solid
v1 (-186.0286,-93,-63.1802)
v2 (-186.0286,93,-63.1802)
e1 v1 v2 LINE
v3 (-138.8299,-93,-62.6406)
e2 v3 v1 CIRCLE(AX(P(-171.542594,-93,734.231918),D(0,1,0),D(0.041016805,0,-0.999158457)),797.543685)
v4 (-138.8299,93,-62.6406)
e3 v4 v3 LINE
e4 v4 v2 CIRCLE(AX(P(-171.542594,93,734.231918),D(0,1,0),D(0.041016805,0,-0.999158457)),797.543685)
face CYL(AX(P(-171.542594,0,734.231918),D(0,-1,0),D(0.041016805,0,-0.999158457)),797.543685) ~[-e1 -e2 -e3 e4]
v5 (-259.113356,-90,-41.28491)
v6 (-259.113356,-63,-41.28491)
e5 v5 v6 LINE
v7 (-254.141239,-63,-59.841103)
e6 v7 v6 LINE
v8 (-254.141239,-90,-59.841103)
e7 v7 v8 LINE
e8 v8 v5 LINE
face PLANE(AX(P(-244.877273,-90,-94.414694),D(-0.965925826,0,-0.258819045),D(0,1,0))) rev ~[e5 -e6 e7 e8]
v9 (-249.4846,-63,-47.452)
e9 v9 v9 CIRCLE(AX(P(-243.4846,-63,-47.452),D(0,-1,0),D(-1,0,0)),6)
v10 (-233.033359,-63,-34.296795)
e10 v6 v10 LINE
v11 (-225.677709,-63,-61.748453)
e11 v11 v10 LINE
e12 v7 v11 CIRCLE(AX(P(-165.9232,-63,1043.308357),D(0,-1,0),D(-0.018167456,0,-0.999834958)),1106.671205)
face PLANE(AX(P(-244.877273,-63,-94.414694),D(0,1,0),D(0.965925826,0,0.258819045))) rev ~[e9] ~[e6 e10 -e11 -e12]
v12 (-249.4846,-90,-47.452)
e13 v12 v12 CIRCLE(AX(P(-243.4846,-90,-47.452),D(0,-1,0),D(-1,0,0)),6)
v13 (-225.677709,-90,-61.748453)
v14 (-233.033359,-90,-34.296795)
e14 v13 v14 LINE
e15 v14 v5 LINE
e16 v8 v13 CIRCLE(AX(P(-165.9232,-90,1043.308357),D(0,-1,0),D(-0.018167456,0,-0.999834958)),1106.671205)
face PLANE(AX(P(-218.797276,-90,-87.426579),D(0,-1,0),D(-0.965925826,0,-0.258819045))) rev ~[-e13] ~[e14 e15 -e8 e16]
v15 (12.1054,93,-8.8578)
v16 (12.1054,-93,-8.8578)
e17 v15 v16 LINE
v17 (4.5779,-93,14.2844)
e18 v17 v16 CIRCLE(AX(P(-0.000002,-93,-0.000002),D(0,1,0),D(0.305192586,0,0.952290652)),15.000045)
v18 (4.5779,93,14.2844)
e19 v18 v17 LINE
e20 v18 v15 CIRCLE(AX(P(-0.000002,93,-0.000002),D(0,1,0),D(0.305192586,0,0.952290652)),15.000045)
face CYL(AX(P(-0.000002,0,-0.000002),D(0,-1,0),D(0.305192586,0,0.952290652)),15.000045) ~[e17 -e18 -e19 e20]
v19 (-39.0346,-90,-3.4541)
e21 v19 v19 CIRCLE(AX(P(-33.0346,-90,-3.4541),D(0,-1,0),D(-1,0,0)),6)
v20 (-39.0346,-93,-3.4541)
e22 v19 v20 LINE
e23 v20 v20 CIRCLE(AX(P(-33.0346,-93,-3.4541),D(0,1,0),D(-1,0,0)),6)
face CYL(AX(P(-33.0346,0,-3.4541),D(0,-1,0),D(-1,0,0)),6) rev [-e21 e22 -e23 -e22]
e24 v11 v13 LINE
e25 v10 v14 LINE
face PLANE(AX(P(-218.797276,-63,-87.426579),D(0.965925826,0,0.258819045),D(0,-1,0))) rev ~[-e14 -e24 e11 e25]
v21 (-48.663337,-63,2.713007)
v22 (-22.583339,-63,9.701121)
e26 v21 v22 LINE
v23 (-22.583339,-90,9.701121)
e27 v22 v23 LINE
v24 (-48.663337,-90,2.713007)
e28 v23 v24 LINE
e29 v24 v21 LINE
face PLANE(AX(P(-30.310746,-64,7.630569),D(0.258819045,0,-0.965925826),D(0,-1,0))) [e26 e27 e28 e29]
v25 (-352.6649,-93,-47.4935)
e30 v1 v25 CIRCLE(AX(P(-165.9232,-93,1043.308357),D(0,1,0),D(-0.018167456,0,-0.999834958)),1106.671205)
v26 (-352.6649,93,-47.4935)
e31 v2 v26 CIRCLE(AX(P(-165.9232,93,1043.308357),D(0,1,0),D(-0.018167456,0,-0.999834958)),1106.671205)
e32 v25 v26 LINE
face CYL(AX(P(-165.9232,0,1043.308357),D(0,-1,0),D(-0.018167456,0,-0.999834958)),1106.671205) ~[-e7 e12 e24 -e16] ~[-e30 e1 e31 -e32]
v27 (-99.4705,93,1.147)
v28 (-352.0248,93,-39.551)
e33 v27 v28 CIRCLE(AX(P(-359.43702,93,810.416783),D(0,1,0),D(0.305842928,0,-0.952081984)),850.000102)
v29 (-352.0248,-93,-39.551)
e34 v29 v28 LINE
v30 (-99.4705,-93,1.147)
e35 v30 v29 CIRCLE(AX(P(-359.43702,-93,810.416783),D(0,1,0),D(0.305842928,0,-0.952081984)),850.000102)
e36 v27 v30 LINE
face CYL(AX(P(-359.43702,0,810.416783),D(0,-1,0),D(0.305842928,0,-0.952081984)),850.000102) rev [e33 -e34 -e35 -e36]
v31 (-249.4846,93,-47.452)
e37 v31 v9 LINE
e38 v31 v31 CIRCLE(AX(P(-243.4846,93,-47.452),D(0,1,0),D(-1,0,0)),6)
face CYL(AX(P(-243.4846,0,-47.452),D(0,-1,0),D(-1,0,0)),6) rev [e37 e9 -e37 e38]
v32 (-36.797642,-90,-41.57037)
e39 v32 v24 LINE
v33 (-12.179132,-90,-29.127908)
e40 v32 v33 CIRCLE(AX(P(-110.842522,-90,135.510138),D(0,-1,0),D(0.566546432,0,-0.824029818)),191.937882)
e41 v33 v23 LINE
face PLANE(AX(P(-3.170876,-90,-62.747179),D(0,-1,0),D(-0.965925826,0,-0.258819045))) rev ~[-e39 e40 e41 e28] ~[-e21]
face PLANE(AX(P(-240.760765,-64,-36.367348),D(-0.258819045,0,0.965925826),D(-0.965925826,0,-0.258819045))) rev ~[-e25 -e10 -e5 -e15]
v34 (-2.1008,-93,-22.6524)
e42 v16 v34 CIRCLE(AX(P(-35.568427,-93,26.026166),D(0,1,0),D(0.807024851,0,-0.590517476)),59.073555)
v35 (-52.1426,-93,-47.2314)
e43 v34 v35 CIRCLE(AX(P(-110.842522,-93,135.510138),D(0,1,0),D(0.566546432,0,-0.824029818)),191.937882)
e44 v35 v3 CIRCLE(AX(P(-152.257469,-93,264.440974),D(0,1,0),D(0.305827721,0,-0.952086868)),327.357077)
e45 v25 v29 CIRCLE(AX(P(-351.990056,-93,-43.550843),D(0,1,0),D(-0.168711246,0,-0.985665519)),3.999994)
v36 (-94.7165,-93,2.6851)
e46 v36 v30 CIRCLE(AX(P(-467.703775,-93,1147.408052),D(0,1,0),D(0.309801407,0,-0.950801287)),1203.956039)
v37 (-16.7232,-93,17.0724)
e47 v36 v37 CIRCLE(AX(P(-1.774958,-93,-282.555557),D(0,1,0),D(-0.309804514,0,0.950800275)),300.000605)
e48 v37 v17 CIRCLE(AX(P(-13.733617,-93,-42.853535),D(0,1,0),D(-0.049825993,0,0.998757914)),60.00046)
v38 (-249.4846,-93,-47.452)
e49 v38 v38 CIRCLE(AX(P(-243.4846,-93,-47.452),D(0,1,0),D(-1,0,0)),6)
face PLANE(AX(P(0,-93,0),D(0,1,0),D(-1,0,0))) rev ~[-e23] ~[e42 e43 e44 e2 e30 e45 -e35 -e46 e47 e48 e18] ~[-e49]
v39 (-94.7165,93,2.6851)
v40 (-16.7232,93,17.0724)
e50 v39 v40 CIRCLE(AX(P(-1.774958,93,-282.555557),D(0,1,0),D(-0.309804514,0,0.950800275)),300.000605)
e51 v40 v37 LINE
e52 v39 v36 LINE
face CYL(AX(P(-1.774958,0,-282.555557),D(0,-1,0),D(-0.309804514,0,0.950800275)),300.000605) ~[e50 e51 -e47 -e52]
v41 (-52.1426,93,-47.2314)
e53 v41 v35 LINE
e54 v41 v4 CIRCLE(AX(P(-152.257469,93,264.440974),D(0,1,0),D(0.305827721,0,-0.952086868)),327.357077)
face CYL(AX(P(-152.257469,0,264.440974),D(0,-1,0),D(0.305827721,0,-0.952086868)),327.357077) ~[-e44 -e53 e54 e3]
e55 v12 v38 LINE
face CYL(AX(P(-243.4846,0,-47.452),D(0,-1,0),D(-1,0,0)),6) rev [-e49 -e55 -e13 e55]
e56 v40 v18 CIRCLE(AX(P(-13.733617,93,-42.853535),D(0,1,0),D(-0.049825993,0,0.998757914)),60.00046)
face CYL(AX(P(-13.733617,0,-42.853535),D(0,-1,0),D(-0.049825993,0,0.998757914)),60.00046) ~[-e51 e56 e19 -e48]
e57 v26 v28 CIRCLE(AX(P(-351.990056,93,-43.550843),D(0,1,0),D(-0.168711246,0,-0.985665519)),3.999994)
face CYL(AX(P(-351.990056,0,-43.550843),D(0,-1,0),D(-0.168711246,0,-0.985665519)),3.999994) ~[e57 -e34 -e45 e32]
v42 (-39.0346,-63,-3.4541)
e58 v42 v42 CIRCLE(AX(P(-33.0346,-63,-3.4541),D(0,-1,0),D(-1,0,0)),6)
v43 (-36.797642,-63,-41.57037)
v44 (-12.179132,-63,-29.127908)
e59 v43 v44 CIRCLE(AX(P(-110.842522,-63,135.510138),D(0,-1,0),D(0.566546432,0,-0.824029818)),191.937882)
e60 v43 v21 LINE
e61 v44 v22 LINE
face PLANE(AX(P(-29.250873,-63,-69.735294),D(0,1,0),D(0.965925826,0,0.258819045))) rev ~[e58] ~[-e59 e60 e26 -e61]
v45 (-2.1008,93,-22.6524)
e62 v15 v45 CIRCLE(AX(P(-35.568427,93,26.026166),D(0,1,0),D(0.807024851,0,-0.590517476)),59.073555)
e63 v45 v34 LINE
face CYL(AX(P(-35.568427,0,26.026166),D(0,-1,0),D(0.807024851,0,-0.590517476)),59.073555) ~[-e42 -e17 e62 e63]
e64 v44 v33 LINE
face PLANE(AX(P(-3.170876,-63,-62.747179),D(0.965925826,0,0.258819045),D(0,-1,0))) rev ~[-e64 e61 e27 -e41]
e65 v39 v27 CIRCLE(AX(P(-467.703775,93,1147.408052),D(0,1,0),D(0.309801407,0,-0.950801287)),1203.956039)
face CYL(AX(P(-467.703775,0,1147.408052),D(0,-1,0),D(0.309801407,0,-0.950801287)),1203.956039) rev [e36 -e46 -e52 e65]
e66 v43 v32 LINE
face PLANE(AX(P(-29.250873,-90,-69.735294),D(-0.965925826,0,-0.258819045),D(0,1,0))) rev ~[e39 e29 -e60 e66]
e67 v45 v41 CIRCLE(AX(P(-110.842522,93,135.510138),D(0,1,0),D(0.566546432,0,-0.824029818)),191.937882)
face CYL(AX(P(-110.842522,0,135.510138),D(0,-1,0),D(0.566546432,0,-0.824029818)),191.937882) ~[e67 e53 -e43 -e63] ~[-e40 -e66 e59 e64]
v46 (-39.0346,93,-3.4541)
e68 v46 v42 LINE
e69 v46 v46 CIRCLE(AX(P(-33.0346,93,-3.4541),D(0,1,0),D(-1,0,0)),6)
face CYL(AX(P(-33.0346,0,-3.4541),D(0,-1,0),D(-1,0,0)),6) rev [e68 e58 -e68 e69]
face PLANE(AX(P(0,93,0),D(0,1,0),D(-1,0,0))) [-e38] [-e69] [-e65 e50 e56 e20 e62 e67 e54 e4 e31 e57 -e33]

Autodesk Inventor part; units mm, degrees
ref_plane "YZ Plane" through (0, 0, 0) normal (1, 0, 0) x (0, 1, 0)
ref_plane "XZ Plane" through (0, 0, 0) normal (0, 1, 0) x (-1, 0, 0)
ref_plane "XY Plane" through (0, 0, 0) normal (0, 0, 1) x (1, 0, 0)
sketch "スケッチ2" plane through (0, 0, 0) normal (0, 1, 0) x (-1, 0, 0)
  arc A0 (186.0286, -63.1802) -> (352.6649, -47.4935) centre (165.9229, 1043.3137) ccw projected
  arc A1 (138.8299, -62.6406) -> (186.0286, -63.1802) centre (171.5405, 734.1521) ccw projected
  arc A2 (52.1426, -47.2314) -> (138.8299, -62.6406) centre (152.2575, 264.4411) ccw projected
  arc A3 (2.1008, -22.6524) -> (52.1426, -47.2314) centre (110.8425, 135.5101) ccw projected
  arc A4 (-12.1054, -8.8578) -> (2.1008, -22.6524) centre (35.5695, 26.0271) ccw projected
  arc A5 (-4.5779, 14.2844) -> (-12.1054, -8.8578) centre (0, 0) ccw projected
  arc A6 (16.7232, 17.0724) -> (-4.5779, 14.2844) centre (13.7336, -42.8531) ccw projected
  arc A7 (94.7165, 2.6851) -> (16.7232, 17.0724) centre (1.7751, -282.555) ccw projected
  arc A8 (94.7165, 2.6851) -> (99.4705, 1.147) centre (466.4821, 1143.6454) ccw projected
  arc A9 (99.4705, 1.147) -> (352.0248, -39.551) centre (359.437, 810.4167) ccw projected
  arc A10 (352.6649, -47.4935) -> (352.0248, -39.551) centre (351.99, -43.5508) ccw projected
  circle A11 centre (33.0346, -3.4541) radius 6 projected
  circle A12 centre (243.4846, -47.452) radius 6 projected
  point P0 (0, 0)
extrude "押し出し2" add sketch "スケッチ2" along normal mid plane 186
ref_plane "作業平面1" through (-10.8988, -64, -64.8158) normal (0.2588, 0, -0.9659) x (0, -1, 0)
ref_plane "作業平面2" through (-226.5252, -64, -89.4952) normal (-0.2588, 0, 0.9659) x (-0.9659, 0, -0.2588)
sketch "スケッチ3" plane through (-10.8988, -64, -64.8158) normal (0.2588, 0, -0.9659) x (0, -1, 0)
  line L0 (25, -7) -> (0, -7) projected
  line L1 (0, -7) -> (0, 18) projected
  line L2 (0, 18) -> (25, 18) projected
  line L3 (25, 18) -> (25, -7) projected
  line L4 (-1, -8) -> (26, -8)
  line L5 (26, -8) -> (26, 19)
  line L6 (26, 19) -> (-1, 19)
  line L7 (-1, 19) -> (-1, -8)
  point P0 (-64, -27.303)
  dimension "d6" = 1
extrude "押し出し3" cut sketch "スケッチ3" against normal blind 75 contours L0 L1 L2 L3 | L7 L6 L5 L4
sketch "スケッチ4" plane through (-226.5252, -64, -89.4952) normal (-0.2588, 0, 0.9659) x (-0.9659, 0, -0.2588)
  line L0 (-7, 25) -> (-7, 0) projected
  line L1 (-7, 0) -> (18, 0) projected
  line L2 (18, 0) -> (18, 25) projected
  line L3 (18, 25) -> (-7, 25) projected
  line L4 (-8, -1) -> (-8, 26)
  line L5 (-8, 26) -> (19, 26)
  line L6 (19, 26) -> (19, -1)
  line L7 (19, -1) -> (-8, -1)
  point P0 (-241.9696, -64)
  dimension "d9" = 1
extrude "押し出し4" cut sketch "スケッチ4" along normal blind 55 contours L3 L2 L1 L0 | L4 L5 L6 L7
properties part number "mainflap for side"
